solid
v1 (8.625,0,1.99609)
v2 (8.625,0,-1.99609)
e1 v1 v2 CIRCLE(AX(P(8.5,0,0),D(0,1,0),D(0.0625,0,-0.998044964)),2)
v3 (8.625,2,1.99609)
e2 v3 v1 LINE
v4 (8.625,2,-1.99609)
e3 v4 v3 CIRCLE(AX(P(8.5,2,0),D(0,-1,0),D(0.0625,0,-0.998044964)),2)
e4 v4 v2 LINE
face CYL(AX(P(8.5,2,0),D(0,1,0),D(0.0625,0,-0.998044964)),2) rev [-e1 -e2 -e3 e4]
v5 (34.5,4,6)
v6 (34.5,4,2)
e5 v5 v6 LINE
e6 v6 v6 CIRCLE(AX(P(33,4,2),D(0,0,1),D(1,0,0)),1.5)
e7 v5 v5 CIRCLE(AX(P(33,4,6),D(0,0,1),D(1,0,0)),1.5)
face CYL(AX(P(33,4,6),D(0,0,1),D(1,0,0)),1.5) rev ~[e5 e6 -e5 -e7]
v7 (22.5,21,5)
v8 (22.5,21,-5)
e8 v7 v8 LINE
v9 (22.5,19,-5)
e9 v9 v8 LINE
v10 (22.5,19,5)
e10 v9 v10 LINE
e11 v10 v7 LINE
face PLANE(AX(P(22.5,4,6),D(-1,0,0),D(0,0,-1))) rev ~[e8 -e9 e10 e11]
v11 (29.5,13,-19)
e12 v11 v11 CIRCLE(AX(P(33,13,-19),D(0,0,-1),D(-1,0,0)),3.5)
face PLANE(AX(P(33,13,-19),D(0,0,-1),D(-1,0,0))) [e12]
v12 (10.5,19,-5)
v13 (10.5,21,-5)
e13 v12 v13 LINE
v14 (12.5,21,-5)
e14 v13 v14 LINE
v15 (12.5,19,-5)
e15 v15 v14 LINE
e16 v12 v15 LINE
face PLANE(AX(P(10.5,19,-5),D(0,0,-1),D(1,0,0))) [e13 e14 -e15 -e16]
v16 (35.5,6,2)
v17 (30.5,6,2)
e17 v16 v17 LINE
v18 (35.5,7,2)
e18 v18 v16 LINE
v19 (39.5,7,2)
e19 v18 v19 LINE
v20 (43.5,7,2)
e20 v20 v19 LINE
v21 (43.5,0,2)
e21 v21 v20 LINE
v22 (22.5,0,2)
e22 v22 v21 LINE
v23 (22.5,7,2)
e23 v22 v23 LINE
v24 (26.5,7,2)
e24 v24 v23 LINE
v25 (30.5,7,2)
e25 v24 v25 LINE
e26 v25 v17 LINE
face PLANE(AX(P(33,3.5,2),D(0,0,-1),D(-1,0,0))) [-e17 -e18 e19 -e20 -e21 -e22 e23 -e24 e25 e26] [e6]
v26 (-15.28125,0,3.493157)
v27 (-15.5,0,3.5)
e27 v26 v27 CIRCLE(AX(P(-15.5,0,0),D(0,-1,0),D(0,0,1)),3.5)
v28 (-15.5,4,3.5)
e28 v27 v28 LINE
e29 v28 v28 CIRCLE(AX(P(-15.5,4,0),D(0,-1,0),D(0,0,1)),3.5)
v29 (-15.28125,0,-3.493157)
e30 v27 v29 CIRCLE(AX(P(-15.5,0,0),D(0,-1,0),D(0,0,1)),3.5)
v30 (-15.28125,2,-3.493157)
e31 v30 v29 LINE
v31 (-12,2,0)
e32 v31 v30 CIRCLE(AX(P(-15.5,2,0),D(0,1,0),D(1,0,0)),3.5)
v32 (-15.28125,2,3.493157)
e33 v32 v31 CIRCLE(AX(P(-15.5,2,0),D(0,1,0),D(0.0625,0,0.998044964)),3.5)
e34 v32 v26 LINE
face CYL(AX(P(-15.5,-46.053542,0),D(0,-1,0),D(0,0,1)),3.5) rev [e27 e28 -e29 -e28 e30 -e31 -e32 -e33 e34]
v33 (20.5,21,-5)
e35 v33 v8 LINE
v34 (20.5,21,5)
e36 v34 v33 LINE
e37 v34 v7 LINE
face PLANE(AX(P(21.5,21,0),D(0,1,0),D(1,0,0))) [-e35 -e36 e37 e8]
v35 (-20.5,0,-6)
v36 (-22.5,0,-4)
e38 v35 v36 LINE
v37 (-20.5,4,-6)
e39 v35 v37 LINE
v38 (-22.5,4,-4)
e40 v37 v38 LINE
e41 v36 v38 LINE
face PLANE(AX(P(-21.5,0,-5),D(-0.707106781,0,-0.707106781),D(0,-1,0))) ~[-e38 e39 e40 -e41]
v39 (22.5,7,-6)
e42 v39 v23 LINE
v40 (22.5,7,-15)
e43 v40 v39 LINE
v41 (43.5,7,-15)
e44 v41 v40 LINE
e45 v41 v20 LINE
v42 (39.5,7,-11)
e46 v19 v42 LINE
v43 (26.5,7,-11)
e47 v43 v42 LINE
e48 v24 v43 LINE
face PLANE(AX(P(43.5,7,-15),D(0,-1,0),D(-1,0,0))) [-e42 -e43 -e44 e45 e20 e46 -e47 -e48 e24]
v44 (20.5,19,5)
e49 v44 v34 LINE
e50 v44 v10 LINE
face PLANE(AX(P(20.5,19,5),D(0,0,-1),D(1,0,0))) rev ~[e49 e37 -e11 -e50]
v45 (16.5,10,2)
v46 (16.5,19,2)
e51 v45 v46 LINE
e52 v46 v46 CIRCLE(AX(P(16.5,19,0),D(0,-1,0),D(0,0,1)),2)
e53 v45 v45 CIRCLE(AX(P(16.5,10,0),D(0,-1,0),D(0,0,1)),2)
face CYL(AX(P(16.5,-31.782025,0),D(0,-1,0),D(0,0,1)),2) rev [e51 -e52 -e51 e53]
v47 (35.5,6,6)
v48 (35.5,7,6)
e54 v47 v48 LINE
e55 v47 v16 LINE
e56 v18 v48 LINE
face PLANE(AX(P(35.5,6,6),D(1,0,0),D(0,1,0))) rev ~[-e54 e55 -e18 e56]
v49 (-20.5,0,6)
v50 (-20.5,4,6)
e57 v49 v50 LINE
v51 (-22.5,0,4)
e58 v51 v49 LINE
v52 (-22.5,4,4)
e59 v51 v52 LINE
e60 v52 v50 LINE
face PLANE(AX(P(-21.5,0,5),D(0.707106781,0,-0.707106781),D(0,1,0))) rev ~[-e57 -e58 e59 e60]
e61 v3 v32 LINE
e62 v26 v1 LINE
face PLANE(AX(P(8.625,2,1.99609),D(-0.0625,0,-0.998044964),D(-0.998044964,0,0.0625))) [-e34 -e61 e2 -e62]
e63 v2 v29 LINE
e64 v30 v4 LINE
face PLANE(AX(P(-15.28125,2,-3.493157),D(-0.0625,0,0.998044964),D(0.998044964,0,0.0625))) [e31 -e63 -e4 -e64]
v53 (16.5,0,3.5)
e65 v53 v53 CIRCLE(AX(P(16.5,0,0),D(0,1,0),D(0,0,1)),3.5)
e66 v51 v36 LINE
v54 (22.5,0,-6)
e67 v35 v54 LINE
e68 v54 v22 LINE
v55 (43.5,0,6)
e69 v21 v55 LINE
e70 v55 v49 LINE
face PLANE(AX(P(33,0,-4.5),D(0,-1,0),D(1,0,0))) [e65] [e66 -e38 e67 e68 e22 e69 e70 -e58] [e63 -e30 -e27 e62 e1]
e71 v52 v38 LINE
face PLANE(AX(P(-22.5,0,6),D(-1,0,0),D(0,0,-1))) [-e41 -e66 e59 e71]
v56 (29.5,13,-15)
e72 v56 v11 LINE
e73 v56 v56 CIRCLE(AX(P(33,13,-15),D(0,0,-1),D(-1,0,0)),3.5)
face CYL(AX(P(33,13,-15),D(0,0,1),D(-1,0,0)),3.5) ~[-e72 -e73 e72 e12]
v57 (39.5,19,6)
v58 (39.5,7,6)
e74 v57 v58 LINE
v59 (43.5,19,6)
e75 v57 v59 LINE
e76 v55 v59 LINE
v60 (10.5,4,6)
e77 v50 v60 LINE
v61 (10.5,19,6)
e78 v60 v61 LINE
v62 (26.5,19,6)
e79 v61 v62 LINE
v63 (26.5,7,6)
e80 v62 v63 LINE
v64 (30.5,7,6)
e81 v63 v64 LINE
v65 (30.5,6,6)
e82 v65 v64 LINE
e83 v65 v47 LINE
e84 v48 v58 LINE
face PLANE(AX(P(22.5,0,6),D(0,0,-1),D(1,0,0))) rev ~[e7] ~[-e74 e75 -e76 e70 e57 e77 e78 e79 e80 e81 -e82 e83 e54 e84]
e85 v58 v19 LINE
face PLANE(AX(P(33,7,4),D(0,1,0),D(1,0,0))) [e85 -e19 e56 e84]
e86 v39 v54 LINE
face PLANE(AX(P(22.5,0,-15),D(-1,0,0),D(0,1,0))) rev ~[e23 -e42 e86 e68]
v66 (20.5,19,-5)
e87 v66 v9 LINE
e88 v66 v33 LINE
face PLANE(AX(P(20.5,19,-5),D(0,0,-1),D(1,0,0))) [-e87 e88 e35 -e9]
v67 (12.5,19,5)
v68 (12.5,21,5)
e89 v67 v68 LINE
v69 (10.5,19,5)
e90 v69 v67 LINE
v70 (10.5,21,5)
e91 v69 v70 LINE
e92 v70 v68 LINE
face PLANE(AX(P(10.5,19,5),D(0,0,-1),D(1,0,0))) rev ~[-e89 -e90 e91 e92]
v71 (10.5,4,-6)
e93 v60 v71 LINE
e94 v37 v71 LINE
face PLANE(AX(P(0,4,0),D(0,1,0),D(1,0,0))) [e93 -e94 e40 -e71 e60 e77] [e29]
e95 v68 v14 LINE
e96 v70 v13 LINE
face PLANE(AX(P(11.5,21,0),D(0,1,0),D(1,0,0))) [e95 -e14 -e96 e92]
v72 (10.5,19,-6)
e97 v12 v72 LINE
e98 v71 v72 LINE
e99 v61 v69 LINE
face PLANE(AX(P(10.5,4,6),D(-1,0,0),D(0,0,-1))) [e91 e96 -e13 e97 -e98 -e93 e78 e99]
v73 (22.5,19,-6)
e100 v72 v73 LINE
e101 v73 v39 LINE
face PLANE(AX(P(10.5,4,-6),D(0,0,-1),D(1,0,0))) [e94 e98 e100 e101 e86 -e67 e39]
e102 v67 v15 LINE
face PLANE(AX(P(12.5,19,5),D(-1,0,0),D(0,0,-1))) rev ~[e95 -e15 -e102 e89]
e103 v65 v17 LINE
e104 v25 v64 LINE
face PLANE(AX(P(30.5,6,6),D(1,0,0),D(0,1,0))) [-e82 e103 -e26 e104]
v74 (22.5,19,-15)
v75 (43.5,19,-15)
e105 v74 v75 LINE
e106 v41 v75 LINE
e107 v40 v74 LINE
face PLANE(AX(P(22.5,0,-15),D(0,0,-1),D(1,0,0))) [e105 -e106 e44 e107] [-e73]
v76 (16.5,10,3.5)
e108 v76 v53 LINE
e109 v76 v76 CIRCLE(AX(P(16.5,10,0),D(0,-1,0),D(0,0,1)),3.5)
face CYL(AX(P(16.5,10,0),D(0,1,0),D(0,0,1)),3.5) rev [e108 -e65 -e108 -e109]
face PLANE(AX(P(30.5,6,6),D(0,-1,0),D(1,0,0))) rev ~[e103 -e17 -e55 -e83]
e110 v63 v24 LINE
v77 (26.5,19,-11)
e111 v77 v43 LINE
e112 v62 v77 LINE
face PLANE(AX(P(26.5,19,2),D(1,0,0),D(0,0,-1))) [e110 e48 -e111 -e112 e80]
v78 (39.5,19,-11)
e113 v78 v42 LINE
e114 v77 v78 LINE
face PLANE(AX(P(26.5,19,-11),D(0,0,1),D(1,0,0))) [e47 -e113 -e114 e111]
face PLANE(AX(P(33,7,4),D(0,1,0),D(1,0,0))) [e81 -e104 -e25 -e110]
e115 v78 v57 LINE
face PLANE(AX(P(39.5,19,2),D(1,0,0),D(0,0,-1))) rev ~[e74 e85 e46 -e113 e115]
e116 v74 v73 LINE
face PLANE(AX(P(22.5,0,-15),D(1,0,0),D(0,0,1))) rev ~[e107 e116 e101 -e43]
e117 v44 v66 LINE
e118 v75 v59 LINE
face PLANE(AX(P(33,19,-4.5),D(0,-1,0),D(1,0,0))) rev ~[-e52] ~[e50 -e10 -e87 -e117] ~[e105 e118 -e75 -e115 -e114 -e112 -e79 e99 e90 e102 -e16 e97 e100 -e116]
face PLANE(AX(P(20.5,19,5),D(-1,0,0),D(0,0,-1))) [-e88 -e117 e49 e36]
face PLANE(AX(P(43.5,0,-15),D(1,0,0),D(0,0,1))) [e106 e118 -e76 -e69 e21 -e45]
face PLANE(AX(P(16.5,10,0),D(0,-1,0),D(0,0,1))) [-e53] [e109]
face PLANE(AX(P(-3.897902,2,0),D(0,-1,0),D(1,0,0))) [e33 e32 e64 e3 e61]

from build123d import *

# Parameters (mm, degrees)
SKETCH_1_W               = 45
SKETCH_1_H               = 12
EXTRUDE_1_DEPTH          = 4
SKETCH_2_W               = 12
SKETCH_2_H               = 12
EXTRUDE_2_DEPTH          = 15
SKETCH_3_W               = 2
SKETCH_3_H               = 10
EXTRUDE_3_DEPTH          = 2
SKETCH_4_W               = 21
SKETCH_4_H               = 21
EXTRUDE_4_DEPTH          = 19
SKETCH_5_W               = 13
SKETCH_5_H               = 13
CUT_EXTRUDE_1_DEPTH      = 50.782024868
SKETCH_6_W               = 13
SKETCH_6_H               = 4
CUT_EXTRUDE_2_DEPTH      = 12
CUT_EXTRUDE_3_REACH      = 54.671
SKETCH_7_W               = 5
SKETCH_7_H               = 2
CUT_EXTRUDE_4_REACH      = 54.671
SKETCH_8_R               = 1.5
CHAMFER_1_SIZE           = 2
CUT_EXTRUDE_5_DEPTH      = 50.053542176
CUT_EXTRUDE_5_DEPTH_BACK = 50.053542176
SKETCH_9_R               = 3.5
CUT_EXTRUDE_6_DEPTH      = 51.5791459
CUT_EXTRUDE_6_DEPTH_BACK = 2
SKETCH_10_R              = 2
CUT_EXTRUDE_7_DEPTH      = 50.782024868
CUT_EXTRUDE_7_DEPTH_BACK = 50.782024868
SKETCH_11_R              = 2
CUT_EXTRUDE_8_DEPTH      = 51.5791459
CUT_EXTRUDE_8_DEPTH_BACK = 10
SKETCH_12_R              = 3.5
SKETCH_13_W              = 21
SKETCH_13_H              = 7
CUT_EXTRUDE_9_DEPTH      = 17
SKETCH_14_R              = 3.5
EXTRUDE_5_DEPTH          = 4


with BuildPart() as part:
    # 草图1 → 凸台-拉伸1 (new body)
    with BuildSketch(Plane(origin=(0, 0, 0), x_dir=(1, 0, 0), z_dir=(0, 1, 0))):
        Rectangle(SKETCH_1_W, SKETCH_1_H)
    extrude(amount=EXTRUDE_1_DEPTH)

    # 草图2 → 凸台-拉伸2 (add)
    with BuildSketch(Plane(origin=(0, 4, 0), x_dir=(1, 0, 0), z_dir=(0, 1, 0))):
        with Locations((16.5, 0)):
            Rectangle(SKETCH_2_W, SKETCH_2_H)
    extrude(amount=EXTRUDE_2_DEPTH)

    # 草图3 → 凸台-拉伸3 (add)
    with BuildSketch(Plane(origin=(0, 19, 0), x_dir=(1, 0, 0), z_dir=(0, 1, 0))):
        with Locations((11.5, 0)):
            Rectangle(SKETCH_3_W, SKETCH_3_H)
        with Locations((21.5, 0)):
            Rectangle(SKETCH_3_W, SKETCH_3_H)
    extrude(amount=EXTRUDE_3_DEPTH)

    # 草图4 → 凸台-拉伸4 (add)
    with BuildSketch(Plane.XZ):
        with Locations((33, -4.5)):
            Rectangle(SKETCH_4_W, SKETCH_4_H)
    extrude(amount=-EXTRUDE_4_DEPTH)

    # 草图5 → 切除-拉伸1 (cut, through all)
    with BuildSketch(Plane(origin=(0, 19, 0), x_dir=(1, 0, 0), z_dir=(0, 1, 0))):
        with Locations((33, 4.5)):
            Rectangle(SKETCH_5_W, SKETCH_5_H)
    extrude(amount=-CUT_EXTRUDE_1_DEPTH, mode=Mode.SUBTRACT)

    # 草图6 → 切除-拉伸2 (cut)
    with BuildSketch(Plane(origin=(0, 19, 0), x_dir=(1, 0, 0), z_dir=(0, 1, 0))):
        with Locations((33, -4)):
            Rectangle(SKETCH_6_W, SKETCH_6_H)
    extrude(amount=-CUT_EXTRUDE_2_DEPTH, mode=Mode.SUBTRACT)

    # 草图7 → 切除-拉伸3 (cut, up to next)
    with BuildSketch(Plane.XY.offset(6), mode=Mode.PRIVATE) as cut_extrude_3_sk1:
        with Locations((33, 7)):
            Rectangle(SKETCH_7_W, SKETCH_7_H)
    cut_extrude_3_tool1 = extrude(cut_extrude_3_sk1.sketch, amount=-CUT_EXTRUDE_3_REACH, mode=Mode.PRIVATE) & part.part
    add(cut_extrude_3_tool1.solids().sort_by_distance((33, 7, 6))[0], mode=Mode.SUBTRACT)

    # 草图8 → 切除-拉伸4 (cut, up to next)
    with BuildSketch(Plane.XY.offset(6), mode=Mode.PRIVATE) as cut_extrude_4_sk1:
        with Locations((33, 4)):
            Circle(SKETCH_8_R)
    cut_extrude_4_tool1 = extrude(cut_extrude_4_sk1.sketch, amount=-CUT_EXTRUDE_4_REACH, mode=Mode.PRIVATE) & part.part
    add(cut_extrude_4_tool1.solids().sort_by_distance((33, 4, 6))[0], mode=Mode.SUBTRACT)

    # 倒角1
    chamfer_1_edges = [part.edges().sort_by_distance(p)[0] for p in [
        (-22.5, 2, -6),
        (-22.5, 2, 6),
    ]]
    chamfer(chamfer_1_edges, length=CHAMFER_1_SIZE)

    # 草图9 → 切除-拉伸5 (cut, two sides: drawn at the far end of the back side and taken through both)
    with BuildSketch(Plane(origin=(0, 4, 0), x_dir=(1, 0, 0), z_dir=(0, 1, 0)).offset(-CUT_EXTRUDE_5_DEPTH_BACK)):
        with Locations(Location((-15.5, 0, 0), (0, 0, 270))):
            Circle(SKETCH_9_R)
    extrude(amount=CUT_EXTRUDE_5_DEPTH + CUT_EXTRUDE_5_DEPTH_BACK, mode=Mode.SUBTRACT)

    # 草图10 → 切除-拉伸6 (cut, two sides: drawn at the far end of the back side and taken through both)
    with BuildSketch(Plane.XZ.offset(-CUT_EXTRUDE_6_DEPTH_BACK)):
        with BuildLine():
            Line((8.625, 1.996089928), (-15.28125, 3.493157374))
            ThreePointArc((-15.28125, 3.493157374), (-12.948958546, 2.396286189), (-12, 0))
            ThreePointArc((-12, 0), (-12.948958546, -2.396286189), (-15.28125, -3.493157374))
            Line((-15.28125, -3.493157374), (8.625, -1.996089928))
            ThreePointArc((8.625, -1.996089928), (6.5, 0), (8.625, 1.996089928))
        make_face()
        with Locations((8.5, 0)):
            Circle(SKETCH_10_R)
    extrude(amount=CUT_EXTRUDE_6_DEPTH + CUT_EXTRUDE_6_DEPTH_BACK, mode=Mode.SUBTRACT)

    # 草图11 → 切除-拉伸7 (cut, two sides: drawn at the far end of the back side and taken through both)
    with BuildSketch(Plane(origin=(0, 19, 0), x_dir=(1, 0, 0), z_dir=(0, 1, 0)).offset(-CUT_EXTRUDE_7_DEPTH_BACK)):
        with Locations(Location((16.5, 0, 0), (0, 0, 270))):
            Circle(SKETCH_11_R)
    extrude(amount=CUT_EXTRUDE_7_DEPTH + CUT_EXTRUDE_7_DEPTH_BACK, mode=Mode.SUBTRACT)

    # 草图12 → 切除-拉伸8 (cut, two sides: drawn at the far end of the back side and taken through both)
    with BuildSketch(Plane.XZ.offset(-CUT_EXTRUDE_8_DEPTH_BACK)):
        with Locations(Location((16.5, 0, 0), (0, 0, 90))):
            Circle(SKETCH_12_R)
    extrude(amount=CUT_EXTRUDE_8_DEPTH + CUT_EXTRUDE_8_DEPTH_BACK, mode=Mode.SUBTRACT)

    # 草图13 → 切除-拉伸9 (cut)
    with BuildSketch(Plane(origin=(0, 0, -15), x_dir=(-1, 0, 0), z_dir=(0, 0, -1))):
        with Locations((-33, 3.5)):
            Rectangle(SKETCH_13_W, SKETCH_13_H)
    extrude(amount=-CUT_EXTRUDE_9_DEPTH, mode=Mode.SUBTRACT)

    # 草图14 → 凸台-拉伸5 (add)
    with BuildSketch(Plane(origin=(0, 0, -15), x_dir=(-1, 0, 0), z_dir=(0, 0, -1))):
        with Locations((-33, 13)):
            Circle(SKETCH_14_R)
    extrude(amount=EXTRUDE_5_DEPTH)


solid = part.part
